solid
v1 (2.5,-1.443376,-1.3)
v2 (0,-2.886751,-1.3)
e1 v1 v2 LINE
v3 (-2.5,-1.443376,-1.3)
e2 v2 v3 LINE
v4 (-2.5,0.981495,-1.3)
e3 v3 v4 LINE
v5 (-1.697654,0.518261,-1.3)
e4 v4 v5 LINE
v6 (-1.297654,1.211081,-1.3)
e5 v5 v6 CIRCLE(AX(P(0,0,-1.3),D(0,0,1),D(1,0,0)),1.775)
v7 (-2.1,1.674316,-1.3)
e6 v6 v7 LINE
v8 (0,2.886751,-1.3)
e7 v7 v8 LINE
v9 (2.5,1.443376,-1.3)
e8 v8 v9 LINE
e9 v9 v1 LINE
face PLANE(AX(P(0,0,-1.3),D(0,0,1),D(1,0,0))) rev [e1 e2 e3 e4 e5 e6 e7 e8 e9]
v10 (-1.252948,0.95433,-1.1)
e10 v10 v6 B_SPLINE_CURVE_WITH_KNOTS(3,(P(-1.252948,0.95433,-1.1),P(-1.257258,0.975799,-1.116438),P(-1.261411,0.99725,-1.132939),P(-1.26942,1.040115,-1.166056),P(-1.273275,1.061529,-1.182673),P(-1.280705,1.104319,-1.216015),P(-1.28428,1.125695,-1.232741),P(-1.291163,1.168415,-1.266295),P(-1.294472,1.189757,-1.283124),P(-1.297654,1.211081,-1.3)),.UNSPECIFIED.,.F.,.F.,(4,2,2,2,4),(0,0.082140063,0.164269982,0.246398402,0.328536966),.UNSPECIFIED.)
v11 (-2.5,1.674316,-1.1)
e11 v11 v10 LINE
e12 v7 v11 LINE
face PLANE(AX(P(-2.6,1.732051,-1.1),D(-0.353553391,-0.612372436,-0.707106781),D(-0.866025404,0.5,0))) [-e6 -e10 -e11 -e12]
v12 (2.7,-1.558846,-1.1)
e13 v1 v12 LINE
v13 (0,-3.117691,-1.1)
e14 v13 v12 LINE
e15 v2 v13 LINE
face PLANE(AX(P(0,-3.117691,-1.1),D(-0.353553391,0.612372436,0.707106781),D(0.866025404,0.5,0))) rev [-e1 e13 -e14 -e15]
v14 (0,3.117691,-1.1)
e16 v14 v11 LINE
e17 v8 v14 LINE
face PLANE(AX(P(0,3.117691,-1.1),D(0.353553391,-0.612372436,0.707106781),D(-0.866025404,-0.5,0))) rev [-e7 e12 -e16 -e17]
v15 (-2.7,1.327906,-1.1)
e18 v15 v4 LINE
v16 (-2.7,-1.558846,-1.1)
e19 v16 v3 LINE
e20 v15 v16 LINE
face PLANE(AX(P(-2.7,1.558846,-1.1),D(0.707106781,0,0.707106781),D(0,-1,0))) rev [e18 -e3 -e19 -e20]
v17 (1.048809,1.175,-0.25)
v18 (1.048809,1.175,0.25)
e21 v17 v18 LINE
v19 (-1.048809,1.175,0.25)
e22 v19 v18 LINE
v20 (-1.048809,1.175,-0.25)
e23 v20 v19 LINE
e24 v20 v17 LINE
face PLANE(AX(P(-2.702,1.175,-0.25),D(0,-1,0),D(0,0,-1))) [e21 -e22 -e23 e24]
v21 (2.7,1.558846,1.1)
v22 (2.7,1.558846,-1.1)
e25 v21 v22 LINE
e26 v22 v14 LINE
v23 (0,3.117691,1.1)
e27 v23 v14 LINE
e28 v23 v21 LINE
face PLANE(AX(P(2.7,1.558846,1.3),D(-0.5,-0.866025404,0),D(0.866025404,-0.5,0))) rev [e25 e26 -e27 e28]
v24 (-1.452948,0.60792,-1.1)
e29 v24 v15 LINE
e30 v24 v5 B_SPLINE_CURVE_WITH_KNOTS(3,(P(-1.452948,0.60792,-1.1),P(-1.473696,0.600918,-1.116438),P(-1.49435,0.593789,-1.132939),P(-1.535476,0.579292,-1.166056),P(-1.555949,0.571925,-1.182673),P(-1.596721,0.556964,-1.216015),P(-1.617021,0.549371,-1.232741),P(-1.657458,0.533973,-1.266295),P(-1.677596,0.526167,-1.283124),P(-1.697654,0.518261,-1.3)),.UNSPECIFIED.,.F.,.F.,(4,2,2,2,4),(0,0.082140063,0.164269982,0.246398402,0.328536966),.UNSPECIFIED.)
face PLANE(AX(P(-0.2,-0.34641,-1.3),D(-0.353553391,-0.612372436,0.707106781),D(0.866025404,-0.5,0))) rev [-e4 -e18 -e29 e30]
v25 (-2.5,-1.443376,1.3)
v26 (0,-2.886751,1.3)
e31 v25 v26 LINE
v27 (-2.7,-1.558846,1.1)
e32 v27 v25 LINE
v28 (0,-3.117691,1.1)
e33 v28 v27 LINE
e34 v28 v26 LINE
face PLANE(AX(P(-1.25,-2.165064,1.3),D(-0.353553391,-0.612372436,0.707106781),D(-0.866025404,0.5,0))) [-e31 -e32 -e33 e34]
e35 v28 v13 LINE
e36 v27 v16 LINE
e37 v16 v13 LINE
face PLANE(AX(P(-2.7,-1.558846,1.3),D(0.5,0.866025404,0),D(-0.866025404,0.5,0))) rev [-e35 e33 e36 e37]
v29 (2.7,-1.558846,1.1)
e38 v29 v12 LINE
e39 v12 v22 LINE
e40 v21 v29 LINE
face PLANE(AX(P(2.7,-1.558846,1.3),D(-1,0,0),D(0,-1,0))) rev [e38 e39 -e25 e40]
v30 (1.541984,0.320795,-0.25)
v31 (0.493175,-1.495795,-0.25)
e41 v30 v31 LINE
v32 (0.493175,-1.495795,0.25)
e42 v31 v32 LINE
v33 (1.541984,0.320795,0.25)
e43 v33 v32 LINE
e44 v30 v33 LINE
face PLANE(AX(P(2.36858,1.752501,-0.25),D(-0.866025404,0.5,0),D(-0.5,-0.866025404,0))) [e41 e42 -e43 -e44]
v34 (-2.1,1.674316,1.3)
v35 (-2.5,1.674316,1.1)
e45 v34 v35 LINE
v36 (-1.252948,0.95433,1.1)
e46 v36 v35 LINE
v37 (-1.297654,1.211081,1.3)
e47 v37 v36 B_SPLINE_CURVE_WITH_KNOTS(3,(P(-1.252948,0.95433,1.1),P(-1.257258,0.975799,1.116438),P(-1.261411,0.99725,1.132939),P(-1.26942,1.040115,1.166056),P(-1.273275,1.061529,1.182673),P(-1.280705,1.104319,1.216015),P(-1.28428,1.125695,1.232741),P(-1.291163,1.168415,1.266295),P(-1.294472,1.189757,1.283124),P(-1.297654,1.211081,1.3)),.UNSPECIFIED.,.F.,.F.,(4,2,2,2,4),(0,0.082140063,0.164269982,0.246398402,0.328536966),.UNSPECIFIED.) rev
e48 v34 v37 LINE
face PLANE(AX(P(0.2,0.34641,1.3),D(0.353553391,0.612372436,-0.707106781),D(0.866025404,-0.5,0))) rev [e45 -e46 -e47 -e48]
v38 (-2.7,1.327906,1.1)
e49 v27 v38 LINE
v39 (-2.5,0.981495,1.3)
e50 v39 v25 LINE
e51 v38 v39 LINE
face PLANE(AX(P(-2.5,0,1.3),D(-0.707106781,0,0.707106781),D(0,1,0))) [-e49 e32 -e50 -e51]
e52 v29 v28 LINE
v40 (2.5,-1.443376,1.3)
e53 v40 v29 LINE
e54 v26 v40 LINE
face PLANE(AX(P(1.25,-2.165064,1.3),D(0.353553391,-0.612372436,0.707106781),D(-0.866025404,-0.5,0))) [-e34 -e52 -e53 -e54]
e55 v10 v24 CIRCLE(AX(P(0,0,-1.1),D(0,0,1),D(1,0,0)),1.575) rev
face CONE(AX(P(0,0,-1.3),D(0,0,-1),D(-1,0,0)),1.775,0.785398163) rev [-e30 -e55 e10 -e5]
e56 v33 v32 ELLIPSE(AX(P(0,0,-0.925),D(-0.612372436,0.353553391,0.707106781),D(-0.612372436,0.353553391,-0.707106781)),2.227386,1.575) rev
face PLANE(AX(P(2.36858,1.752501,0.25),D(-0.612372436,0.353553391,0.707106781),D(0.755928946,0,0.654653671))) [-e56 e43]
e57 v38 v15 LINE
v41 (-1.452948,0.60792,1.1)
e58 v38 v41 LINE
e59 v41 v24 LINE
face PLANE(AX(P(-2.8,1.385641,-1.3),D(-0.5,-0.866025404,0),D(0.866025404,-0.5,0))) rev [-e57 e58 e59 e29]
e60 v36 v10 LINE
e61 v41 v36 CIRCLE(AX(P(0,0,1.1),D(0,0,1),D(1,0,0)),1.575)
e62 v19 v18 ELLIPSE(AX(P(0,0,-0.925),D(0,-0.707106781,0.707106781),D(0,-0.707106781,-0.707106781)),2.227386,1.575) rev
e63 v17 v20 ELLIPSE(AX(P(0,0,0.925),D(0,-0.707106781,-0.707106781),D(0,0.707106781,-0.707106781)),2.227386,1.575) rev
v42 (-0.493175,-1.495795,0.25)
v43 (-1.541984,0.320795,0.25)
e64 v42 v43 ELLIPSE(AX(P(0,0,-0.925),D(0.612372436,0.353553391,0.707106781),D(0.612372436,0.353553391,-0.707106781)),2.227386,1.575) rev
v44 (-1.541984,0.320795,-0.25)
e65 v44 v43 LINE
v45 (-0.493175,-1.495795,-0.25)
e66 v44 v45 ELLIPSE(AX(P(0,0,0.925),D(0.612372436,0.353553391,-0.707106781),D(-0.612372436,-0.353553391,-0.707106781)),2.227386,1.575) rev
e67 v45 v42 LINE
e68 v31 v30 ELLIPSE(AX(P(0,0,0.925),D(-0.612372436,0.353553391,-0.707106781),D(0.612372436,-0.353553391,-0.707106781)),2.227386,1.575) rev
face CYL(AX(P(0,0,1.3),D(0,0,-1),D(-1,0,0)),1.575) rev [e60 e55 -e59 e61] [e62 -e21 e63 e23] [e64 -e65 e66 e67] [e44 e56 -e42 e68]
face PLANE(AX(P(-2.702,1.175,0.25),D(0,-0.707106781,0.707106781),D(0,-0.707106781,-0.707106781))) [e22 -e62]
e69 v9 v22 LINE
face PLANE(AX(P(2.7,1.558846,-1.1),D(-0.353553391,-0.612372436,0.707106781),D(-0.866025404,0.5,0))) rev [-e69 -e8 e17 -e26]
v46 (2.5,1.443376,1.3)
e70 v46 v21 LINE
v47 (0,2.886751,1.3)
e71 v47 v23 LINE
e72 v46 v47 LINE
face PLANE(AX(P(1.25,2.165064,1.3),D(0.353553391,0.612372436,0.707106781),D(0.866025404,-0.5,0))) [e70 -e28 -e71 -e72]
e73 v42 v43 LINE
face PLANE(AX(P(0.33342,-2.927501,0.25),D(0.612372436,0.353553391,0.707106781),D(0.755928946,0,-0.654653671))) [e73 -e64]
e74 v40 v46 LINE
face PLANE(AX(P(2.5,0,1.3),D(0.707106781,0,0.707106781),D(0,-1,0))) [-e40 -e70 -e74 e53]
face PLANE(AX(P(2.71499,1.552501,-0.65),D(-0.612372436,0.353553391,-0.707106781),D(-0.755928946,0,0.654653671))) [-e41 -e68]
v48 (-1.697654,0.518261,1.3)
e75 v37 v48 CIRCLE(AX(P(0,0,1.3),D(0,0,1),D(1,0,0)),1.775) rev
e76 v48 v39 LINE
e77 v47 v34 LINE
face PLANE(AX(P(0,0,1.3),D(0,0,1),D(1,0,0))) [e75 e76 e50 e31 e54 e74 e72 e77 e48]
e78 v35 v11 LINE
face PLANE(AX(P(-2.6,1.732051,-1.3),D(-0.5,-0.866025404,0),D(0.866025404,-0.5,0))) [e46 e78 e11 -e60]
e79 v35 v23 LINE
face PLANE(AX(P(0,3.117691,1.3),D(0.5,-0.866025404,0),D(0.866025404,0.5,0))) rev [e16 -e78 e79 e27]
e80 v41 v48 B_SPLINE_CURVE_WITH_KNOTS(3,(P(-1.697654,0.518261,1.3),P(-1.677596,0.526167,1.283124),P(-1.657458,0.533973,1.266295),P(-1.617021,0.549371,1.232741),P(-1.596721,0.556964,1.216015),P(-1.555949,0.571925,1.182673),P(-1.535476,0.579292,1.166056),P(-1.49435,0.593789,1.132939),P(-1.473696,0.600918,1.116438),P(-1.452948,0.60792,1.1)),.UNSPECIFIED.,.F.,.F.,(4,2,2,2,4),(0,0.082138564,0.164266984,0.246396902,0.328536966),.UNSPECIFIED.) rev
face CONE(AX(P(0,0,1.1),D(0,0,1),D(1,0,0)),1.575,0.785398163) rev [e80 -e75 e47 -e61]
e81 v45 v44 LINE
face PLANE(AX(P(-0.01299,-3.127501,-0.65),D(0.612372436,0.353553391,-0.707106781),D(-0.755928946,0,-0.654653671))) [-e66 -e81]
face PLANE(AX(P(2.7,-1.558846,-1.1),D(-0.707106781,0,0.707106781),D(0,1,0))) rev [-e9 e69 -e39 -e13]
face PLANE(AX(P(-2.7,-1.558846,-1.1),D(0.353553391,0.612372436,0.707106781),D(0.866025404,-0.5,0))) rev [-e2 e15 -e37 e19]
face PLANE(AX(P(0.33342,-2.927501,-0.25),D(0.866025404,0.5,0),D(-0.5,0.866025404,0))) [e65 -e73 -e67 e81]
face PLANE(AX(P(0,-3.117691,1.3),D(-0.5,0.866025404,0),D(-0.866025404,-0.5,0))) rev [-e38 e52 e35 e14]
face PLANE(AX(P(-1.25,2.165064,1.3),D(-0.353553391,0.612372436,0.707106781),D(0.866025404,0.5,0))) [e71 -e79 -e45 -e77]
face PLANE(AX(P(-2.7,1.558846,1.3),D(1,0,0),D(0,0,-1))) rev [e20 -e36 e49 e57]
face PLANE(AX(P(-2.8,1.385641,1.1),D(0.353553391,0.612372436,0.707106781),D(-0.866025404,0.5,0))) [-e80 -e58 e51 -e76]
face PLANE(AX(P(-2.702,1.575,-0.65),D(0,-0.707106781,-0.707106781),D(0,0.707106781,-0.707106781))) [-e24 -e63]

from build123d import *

# Parameters (mm, degrees)
SKETCH1_R                   = 1.575
BOSS_EXTRUDE1_DEPTH         = 1.3
CLIP_REACH                  = 6.324
CLIP_END_RADIUS             = 1.575
CLIP_DIRECTION_2_REACH      = 6.324
CLIP_DIRECTION_2_END_RADIUS = 1.575
CLIPS_X3_COUNT              = 3
SPLIT_2_DEPTH               = 5.324349662
SPLIT_2_DEPTH_BACK          = 5.324349662
DEBURS_SIZE                 = 0.2


with BuildPart() as part:
    # Sketch1 → Boss-Extrude1 (new, symmetric)
    with BuildSketch(Plane.XY):
        Polygon((2.7, -1.558845727), (2.7, 1.558845727), (0, 3.117691454), (-2.7, 1.558845727), (-2.7, -1.558845727), (0, -3.117691454), align=None)
        Circle(SKETCH1_R, mode=Mode.SUBTRACT)
    extrude(amount=BOSS_EXTRUDE1_DEPTH, both=True)

    # Clip: up to this cylinder (the profile starts inside it)
    clip_end = Plane(origin=(0, 0, 0), z_dir=(0, 0, -1)) * Cylinder(CLIP_END_RADIUS, 16.798, mode=Mode.PRIVATE)
    # Sketch3 → Clip (add, up to the surface)
    with BuildSketch(Plane(origin=(0, 0, 0), x_dir=(0, 0, -1), z_dir=(1, 0, 0)), mode=Mode.PRIVATE) as clip_sk1:
        Polygon((-0.65, 1.575), (0.65, 1.575), (0.25, 1.175), (-0.25, 1.175), align=None)
    clip_tool1 = extrude(clip_sk1.sketch, amount=CLIP_REACH, mode=Mode.PRIVATE) & clip_end
    clip = clip_tool1.solids().sort_by_distance((0, 1.40463, 0))[0]
    add(clip)

    # Clip direction 2: up to this cylinder (the profile starts inside it)
    clip_direction_2_end = Plane(origin=(0, 0, 0), z_dir=(0, 0, -1)) * Cylinder(CLIP_DIRECTION_2_END_RADIUS, 16.798, mode=Mode.PRIVATE)
    # Sketch3 → Clip direction 2 (add, up to the surface)
    with BuildSketch(Plane(origin=(0, 0, 0), x_dir=(0, 0, -1), z_dir=(1, 0, 0)), mode=Mode.PRIVATE) as clip_direction_2_sk1:
        Polygon((-0.65, 1.575), (0.65, 1.575), (0.25, 1.175), (-0.25, 1.175), align=None)
    clip_direction_2_tool1 = extrude(clip_direction_2_sk1.sketch, amount=-CLIP_DIRECTION_2_REACH, mode=Mode.PRIVATE) & clip_direction_2_end
    clip_direction_2 = clip_direction_2_tool1.solids().sort_by_distance((0, 1.40463, 0))[0]
    add(clip_direction_2)
    clip = clip + clip_direction_2  # both directions under the feature's name, for the pattern or mirror that repeats it

    # Clips x3: Clip ×3 about axis
    clips_x3_axis = Axis((0, 0, 0), (0, 0, 1))
    for i in range(1, CLIPS_X3_COUNT):
        add(clip.rotate(clips_x3_axis, i * 360 / CLIPS_X3_COUNT))

    # Sketch4 → Split 2 (cut, two sides: drawn at the far end of the back side and taken through both)
    with BuildSketch(Plane.XY.offset(-SPLIT_2_DEPTH_BACK)):
        Polygon((-2.8, 1.385640646), (-0.1, -0.173205081), (0.1, 0.173205081), (-2.6, 1.732050808), align=None)
    extrude(amount=SPLIT_2_DEPTH + SPLIT_2_DEPTH_BACK, mode=Mode.SUBTRACT)

    # Deburs
    deburs_edges = [part.edges().sort_by_distance(p)[0] for p in [
        (1.35, 2.33826859, 1.3),
        (-1.25, 2.396003617, 1.3),
        (-1.35, -2.33826859, 1.3),
        (-0.310025509, -1.544185605, 1.3),
        (1.35, -2.33826859, 1.3),
        (-0.310025509, -1.544185605, -1.3),
        (-2.7, -0.115470054, -1.3),
        (-2.7, -0.115470054, 1.3),
        (-2.076474085, 0.967912764, -1.3),
        (-1.876474085, 1.314322926, 1.3),
        (-1.876474085, 1.314322926, -1.3),
        (-2.076474085, 0.967912764, 1.3),
        (-1.35, -2.33826859, -1.3),
        (-1.25, 2.396003617, -1.3),
        (1.35, 2.33826859, -1.3),
        (2.7, 0, -1.3),
        (1.35, -2.33826859, -1.3),
        (2.7, 0, 1.3),
    ]]
    chamfer(deburs_edges, length=DEBURS_SIZE)


solid = part.part
